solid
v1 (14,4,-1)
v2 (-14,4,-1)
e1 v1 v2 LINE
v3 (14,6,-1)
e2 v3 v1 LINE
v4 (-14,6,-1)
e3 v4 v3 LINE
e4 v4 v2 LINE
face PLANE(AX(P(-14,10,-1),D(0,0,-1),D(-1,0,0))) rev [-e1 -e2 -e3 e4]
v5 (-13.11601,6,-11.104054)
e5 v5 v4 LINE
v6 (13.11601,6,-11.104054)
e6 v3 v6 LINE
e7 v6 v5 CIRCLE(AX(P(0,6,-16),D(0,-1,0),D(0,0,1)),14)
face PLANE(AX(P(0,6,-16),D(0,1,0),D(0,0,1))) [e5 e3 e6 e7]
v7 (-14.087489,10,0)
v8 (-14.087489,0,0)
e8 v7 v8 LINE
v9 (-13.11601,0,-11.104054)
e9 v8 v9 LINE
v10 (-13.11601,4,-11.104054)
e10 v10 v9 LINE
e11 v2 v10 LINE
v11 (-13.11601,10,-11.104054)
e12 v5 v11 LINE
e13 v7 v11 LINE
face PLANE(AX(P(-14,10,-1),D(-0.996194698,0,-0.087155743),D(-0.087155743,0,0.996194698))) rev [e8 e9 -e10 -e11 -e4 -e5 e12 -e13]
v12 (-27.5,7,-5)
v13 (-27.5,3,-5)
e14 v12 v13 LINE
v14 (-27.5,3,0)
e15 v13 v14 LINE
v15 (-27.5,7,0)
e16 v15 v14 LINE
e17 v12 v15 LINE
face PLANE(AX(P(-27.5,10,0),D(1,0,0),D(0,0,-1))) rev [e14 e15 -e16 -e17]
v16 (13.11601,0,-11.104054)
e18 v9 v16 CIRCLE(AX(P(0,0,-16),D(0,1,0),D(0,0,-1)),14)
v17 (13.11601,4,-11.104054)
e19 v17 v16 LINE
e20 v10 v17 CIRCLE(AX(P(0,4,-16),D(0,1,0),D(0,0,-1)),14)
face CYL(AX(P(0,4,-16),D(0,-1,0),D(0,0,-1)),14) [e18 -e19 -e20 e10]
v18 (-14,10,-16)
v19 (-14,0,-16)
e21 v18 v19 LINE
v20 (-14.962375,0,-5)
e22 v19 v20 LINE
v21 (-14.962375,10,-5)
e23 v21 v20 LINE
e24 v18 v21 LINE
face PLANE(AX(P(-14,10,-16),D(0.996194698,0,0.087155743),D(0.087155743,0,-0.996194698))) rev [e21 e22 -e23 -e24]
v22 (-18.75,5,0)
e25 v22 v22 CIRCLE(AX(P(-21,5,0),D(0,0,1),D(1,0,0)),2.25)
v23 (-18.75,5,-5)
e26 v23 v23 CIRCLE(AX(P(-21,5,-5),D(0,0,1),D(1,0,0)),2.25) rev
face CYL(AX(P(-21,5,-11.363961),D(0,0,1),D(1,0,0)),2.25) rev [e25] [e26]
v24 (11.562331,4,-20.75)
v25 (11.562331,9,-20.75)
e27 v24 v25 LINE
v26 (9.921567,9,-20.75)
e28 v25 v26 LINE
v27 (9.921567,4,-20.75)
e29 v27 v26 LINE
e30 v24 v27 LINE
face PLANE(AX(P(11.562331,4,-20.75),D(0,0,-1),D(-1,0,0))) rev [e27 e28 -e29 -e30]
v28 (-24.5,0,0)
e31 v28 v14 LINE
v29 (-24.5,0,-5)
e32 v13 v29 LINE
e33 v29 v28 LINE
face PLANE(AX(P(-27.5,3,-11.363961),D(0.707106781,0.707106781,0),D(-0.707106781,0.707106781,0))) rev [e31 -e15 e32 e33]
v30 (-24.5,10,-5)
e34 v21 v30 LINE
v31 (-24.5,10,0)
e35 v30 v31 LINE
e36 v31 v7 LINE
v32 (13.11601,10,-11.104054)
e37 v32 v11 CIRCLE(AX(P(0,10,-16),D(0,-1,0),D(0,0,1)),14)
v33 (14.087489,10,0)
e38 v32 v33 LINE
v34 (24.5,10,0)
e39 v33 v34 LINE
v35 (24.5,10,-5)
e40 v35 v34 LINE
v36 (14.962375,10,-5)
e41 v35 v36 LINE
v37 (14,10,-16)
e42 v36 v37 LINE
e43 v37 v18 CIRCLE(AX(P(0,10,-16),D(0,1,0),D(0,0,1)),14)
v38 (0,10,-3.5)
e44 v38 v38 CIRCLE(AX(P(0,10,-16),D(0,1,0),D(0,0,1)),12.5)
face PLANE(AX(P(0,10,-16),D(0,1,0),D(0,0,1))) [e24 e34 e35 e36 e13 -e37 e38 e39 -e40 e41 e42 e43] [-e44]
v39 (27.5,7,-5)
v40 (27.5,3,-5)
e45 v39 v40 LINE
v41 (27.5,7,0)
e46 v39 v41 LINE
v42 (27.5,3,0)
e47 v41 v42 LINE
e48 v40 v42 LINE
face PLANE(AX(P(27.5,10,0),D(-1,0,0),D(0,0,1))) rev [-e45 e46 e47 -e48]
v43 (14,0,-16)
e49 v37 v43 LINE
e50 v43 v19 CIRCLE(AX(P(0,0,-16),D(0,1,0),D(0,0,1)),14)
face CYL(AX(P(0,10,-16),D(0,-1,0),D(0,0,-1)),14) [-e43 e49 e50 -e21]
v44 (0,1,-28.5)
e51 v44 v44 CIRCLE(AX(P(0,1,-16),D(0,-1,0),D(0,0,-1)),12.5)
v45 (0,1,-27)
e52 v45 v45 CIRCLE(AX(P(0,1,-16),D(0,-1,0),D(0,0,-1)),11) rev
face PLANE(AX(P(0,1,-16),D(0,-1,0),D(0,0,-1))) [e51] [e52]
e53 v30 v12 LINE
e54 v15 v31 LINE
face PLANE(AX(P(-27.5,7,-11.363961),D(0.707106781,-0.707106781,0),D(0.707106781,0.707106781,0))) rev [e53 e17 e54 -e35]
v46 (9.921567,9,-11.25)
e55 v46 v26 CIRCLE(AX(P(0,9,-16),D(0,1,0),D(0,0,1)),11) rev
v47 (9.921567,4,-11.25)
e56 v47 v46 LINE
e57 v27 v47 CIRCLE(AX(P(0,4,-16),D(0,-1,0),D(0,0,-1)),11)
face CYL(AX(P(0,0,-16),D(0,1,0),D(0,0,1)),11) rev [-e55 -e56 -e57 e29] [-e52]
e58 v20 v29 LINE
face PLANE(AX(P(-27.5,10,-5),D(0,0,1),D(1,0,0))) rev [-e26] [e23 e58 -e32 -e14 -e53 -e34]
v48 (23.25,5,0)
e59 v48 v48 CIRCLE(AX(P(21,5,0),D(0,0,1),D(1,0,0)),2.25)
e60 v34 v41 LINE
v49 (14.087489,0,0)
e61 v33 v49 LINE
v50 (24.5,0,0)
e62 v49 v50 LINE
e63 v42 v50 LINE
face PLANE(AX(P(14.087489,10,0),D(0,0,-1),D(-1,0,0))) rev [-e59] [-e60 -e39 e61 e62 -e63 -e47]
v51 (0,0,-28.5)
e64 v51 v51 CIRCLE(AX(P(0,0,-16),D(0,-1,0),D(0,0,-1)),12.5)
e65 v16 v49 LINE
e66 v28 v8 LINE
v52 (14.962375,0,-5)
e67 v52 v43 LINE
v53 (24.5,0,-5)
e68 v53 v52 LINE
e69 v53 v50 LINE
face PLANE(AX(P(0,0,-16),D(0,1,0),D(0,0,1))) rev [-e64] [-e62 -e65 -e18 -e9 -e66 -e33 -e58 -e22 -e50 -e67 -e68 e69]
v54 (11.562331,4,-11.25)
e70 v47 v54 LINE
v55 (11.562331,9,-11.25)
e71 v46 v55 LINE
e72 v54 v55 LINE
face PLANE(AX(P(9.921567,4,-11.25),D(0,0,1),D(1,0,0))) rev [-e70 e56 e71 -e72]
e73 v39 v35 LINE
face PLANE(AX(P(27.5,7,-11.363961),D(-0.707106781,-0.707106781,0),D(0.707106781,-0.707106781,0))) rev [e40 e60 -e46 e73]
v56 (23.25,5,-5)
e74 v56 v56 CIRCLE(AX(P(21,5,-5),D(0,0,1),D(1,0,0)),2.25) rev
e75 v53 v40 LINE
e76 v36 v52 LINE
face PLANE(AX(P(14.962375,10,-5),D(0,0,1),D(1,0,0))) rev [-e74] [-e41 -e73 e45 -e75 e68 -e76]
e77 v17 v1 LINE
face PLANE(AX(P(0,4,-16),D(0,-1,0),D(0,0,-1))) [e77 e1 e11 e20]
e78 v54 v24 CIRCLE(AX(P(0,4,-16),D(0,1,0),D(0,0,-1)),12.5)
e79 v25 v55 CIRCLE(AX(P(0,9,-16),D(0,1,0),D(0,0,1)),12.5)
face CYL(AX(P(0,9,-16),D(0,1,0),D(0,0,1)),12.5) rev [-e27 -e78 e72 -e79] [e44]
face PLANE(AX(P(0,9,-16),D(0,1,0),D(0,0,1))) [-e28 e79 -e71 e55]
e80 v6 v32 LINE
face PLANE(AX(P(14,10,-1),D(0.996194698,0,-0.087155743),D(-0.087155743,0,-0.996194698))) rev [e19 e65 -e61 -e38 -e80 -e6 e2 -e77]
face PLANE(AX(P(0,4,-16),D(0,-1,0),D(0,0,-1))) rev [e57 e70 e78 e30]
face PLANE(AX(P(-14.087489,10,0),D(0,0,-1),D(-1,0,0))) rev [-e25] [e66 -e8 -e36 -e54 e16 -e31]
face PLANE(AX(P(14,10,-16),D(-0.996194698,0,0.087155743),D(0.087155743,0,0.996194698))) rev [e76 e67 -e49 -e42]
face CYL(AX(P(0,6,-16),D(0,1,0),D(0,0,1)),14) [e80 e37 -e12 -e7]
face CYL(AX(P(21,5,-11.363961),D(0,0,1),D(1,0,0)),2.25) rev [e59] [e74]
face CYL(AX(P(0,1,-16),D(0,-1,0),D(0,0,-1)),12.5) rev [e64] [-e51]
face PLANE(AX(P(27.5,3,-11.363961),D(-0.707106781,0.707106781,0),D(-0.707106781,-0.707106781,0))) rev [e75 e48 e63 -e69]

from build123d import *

# Parameters (mm, degrees)
BOSS_EXTRU_1_DEPTH      = 10
ESQUISSE3_R             = 2.25
ENL_V_MAT_EXTRU_1_DEPTH = 5
ESQUISSE5_R             = 11
ENL_V_MAT_EXTRU_2_DEPTH = 10
ESQUISSE6_R             = 12.5
ENL_V_MAT_EXTRU_3_DEPTH = 1
ENL_V_START             = -1
ESQUISSE7_R             = 12.5
ENL_V_MAT_EXTRU_4_DEPTH = 1
ENL_V_MAT_EXTRU_5_DEPTH = 5
ENL_V_START_2           = -4
ENL_V_MAT_EXTRU_6_DEPTH = 4
ENL_V_MAT_EXTRU_7_DEPTH = 4


with BuildPart() as part:
    # Esquisse2 → Boss.-Extru.1 (new body)
    with BuildSketch(Plane(origin=(0, 0, 0), x_dir=(1, 0, 0), z_dir=(0, 1, 0))):
        with BuildLine():
            Line((14.087488664, 0), (27.5, 0))
            Line((27.5, 0), (27.5, 5))
            Line((27.5, 5), (14.962375299, 5))
            Line((14.962375299, 5), (14, 16))
            ThreePointArc((14, 16), (0, 30), (-14, 16))
            Line((-14, 16), (-14.962375299, 5))
            Line((-14.962375299, 5), (-27.5, 5))
            Line((-27.5, 5), (-27.5, 0))
            Line((-27.5, 0), (-14.087488664, 0))
            Line((-14.087488664, 0), (-14, 1))
            Line((-14, 1), (14, 1))
            Line((14, 1), (14.087488664, 0))
        make_face()
    extrude(amount=BOSS_EXTRU_1_DEPTH)

    # Esquisse3 → Enlèv. mat.-Extru.1 (cut)
    with BuildSketch(Plane.XY):
        with Locations((-21, 5)):
            Circle(ESQUISSE3_R)
        with Locations((21, 5)):
            Circle(ESQUISSE3_R)
        Polygon((-27.5, 3), (-24.5, 0), (-27.5, 0), align=None)
        Polygon((-27.5, 10), (-27.5, 7), (-24.5, 10), align=None)
        Polygon((27.5, 7), (24.5, 10), (27.5, 10), align=None)
        Polygon((27.5, 3), (24.5, 0), (27.5, 0), align=None)
    extrude(amount=-ENL_V_MAT_EXTRU_1_DEPTH, mode=Mode.SUBTRACT)

    # Esquisse5 → Enlèv. mat.-Extru.2 (cut)
    with BuildSketch(Plane(origin=(0, 10, 0), x_dir=(1, 0, 0), z_dir=(0, 1, 0))):
        with Locations(Location((0, 16, 0), (0, 0, 270))):
            Circle(ESQUISSE5_R)
    extrude(amount=-ENL_V_MAT_EXTRU_2_DEPTH, mode=Mode.SUBTRACT)

    # Esquisse6 → Enlèv. mat.-Extru.3 (cut)
    with BuildSketch(Plane(origin=(0, 10, 0), x_dir=(1, 0, 0), z_dir=(0, 1, 0))):
        with Locations(Location((0, 16, 0), (0, 0, 270))):
            Circle(ESQUISSE6_R)
    extrude(amount=-ENL_V_MAT_EXTRU_3_DEPTH, mode=Mode.SUBTRACT)

    # Esquisse7 → Enlèv. mat.-Extru.4 (cut)
    with BuildSketch(Plane.XZ.offset(ENL_V_START)):
        with Locations(Location((0, -16, 0), (0, 0, 90))):
            Circle(ESQUISSE7_R)
    extrude(amount=ENL_V_MAT_EXTRU_4_DEPTH, mode=Mode.SUBTRACT)

    # Esquisse8 → Enlèv. mat.-Extru.5 (cut)
    with BuildSketch(Plane(origin=(0, 9, 0), x_dir=(1, 0, 0), z_dir=(0, 1, 0))):
        with BuildLine():
            Line((11.56233108, 20.75), (9.921567416, 20.75))
            ThreePointArc((9.921567416, 20.75), (11, 16), (9.921567416, 11.25))
            Line((9.921567416, 11.25), (11.56233108, 11.25))
            ThreePointArc((11.56233108, 11.25), (12.5, 16), (11.56233108, 20.75))
        make_face()
    extrude(amount=-ENL_V_MAT_EXTRU_5_DEPTH, mode=Mode.SUBTRACT)

    # Esquisse9 → Enlèv. mat.-Extru.6 (cut)
    with BuildSketch(Plane(origin=(0, 10, 0), x_dir=(1, 0, 0), z_dir=(0, 1, 0)).offset(ENL_V_START_2)):
        with BuildLine():
            Line((14, 1), (13.116009813, 11.104054068))
            ThreePointArc((13.116009813, 11.104054068), (0, 2), (-13.116009813, 11.104054068))
            Line((-13.116009813, 11.104054068), (-14, 1))
            Line((-14, 1), (14, 1))
        make_face()
    extrude(amount=ENL_V_MAT_EXTRU_6_DEPTH, mode=Mode.SUBTRACT)

    # Esquisse10 → Enlèv. mat.-Extru.7 (cut)
    with BuildSketch(Plane.XZ):
        with BuildLine():
            Line((13.116009813, -11.104054068), (14, -1))
            Line((14, -1), (-14, -1))
            Line((-14, -1), (-13.116009813, -11.104054068))
            ThreePointArc((-13.116009813, -11.104054068), (0, -2), (13.116009813, -11.104054068))
        make_face()
    extrude(amount=-ENL_V_MAT_EXTRU_7_DEPTH, mode=Mode.SUBTRACT)


solid = part.part
